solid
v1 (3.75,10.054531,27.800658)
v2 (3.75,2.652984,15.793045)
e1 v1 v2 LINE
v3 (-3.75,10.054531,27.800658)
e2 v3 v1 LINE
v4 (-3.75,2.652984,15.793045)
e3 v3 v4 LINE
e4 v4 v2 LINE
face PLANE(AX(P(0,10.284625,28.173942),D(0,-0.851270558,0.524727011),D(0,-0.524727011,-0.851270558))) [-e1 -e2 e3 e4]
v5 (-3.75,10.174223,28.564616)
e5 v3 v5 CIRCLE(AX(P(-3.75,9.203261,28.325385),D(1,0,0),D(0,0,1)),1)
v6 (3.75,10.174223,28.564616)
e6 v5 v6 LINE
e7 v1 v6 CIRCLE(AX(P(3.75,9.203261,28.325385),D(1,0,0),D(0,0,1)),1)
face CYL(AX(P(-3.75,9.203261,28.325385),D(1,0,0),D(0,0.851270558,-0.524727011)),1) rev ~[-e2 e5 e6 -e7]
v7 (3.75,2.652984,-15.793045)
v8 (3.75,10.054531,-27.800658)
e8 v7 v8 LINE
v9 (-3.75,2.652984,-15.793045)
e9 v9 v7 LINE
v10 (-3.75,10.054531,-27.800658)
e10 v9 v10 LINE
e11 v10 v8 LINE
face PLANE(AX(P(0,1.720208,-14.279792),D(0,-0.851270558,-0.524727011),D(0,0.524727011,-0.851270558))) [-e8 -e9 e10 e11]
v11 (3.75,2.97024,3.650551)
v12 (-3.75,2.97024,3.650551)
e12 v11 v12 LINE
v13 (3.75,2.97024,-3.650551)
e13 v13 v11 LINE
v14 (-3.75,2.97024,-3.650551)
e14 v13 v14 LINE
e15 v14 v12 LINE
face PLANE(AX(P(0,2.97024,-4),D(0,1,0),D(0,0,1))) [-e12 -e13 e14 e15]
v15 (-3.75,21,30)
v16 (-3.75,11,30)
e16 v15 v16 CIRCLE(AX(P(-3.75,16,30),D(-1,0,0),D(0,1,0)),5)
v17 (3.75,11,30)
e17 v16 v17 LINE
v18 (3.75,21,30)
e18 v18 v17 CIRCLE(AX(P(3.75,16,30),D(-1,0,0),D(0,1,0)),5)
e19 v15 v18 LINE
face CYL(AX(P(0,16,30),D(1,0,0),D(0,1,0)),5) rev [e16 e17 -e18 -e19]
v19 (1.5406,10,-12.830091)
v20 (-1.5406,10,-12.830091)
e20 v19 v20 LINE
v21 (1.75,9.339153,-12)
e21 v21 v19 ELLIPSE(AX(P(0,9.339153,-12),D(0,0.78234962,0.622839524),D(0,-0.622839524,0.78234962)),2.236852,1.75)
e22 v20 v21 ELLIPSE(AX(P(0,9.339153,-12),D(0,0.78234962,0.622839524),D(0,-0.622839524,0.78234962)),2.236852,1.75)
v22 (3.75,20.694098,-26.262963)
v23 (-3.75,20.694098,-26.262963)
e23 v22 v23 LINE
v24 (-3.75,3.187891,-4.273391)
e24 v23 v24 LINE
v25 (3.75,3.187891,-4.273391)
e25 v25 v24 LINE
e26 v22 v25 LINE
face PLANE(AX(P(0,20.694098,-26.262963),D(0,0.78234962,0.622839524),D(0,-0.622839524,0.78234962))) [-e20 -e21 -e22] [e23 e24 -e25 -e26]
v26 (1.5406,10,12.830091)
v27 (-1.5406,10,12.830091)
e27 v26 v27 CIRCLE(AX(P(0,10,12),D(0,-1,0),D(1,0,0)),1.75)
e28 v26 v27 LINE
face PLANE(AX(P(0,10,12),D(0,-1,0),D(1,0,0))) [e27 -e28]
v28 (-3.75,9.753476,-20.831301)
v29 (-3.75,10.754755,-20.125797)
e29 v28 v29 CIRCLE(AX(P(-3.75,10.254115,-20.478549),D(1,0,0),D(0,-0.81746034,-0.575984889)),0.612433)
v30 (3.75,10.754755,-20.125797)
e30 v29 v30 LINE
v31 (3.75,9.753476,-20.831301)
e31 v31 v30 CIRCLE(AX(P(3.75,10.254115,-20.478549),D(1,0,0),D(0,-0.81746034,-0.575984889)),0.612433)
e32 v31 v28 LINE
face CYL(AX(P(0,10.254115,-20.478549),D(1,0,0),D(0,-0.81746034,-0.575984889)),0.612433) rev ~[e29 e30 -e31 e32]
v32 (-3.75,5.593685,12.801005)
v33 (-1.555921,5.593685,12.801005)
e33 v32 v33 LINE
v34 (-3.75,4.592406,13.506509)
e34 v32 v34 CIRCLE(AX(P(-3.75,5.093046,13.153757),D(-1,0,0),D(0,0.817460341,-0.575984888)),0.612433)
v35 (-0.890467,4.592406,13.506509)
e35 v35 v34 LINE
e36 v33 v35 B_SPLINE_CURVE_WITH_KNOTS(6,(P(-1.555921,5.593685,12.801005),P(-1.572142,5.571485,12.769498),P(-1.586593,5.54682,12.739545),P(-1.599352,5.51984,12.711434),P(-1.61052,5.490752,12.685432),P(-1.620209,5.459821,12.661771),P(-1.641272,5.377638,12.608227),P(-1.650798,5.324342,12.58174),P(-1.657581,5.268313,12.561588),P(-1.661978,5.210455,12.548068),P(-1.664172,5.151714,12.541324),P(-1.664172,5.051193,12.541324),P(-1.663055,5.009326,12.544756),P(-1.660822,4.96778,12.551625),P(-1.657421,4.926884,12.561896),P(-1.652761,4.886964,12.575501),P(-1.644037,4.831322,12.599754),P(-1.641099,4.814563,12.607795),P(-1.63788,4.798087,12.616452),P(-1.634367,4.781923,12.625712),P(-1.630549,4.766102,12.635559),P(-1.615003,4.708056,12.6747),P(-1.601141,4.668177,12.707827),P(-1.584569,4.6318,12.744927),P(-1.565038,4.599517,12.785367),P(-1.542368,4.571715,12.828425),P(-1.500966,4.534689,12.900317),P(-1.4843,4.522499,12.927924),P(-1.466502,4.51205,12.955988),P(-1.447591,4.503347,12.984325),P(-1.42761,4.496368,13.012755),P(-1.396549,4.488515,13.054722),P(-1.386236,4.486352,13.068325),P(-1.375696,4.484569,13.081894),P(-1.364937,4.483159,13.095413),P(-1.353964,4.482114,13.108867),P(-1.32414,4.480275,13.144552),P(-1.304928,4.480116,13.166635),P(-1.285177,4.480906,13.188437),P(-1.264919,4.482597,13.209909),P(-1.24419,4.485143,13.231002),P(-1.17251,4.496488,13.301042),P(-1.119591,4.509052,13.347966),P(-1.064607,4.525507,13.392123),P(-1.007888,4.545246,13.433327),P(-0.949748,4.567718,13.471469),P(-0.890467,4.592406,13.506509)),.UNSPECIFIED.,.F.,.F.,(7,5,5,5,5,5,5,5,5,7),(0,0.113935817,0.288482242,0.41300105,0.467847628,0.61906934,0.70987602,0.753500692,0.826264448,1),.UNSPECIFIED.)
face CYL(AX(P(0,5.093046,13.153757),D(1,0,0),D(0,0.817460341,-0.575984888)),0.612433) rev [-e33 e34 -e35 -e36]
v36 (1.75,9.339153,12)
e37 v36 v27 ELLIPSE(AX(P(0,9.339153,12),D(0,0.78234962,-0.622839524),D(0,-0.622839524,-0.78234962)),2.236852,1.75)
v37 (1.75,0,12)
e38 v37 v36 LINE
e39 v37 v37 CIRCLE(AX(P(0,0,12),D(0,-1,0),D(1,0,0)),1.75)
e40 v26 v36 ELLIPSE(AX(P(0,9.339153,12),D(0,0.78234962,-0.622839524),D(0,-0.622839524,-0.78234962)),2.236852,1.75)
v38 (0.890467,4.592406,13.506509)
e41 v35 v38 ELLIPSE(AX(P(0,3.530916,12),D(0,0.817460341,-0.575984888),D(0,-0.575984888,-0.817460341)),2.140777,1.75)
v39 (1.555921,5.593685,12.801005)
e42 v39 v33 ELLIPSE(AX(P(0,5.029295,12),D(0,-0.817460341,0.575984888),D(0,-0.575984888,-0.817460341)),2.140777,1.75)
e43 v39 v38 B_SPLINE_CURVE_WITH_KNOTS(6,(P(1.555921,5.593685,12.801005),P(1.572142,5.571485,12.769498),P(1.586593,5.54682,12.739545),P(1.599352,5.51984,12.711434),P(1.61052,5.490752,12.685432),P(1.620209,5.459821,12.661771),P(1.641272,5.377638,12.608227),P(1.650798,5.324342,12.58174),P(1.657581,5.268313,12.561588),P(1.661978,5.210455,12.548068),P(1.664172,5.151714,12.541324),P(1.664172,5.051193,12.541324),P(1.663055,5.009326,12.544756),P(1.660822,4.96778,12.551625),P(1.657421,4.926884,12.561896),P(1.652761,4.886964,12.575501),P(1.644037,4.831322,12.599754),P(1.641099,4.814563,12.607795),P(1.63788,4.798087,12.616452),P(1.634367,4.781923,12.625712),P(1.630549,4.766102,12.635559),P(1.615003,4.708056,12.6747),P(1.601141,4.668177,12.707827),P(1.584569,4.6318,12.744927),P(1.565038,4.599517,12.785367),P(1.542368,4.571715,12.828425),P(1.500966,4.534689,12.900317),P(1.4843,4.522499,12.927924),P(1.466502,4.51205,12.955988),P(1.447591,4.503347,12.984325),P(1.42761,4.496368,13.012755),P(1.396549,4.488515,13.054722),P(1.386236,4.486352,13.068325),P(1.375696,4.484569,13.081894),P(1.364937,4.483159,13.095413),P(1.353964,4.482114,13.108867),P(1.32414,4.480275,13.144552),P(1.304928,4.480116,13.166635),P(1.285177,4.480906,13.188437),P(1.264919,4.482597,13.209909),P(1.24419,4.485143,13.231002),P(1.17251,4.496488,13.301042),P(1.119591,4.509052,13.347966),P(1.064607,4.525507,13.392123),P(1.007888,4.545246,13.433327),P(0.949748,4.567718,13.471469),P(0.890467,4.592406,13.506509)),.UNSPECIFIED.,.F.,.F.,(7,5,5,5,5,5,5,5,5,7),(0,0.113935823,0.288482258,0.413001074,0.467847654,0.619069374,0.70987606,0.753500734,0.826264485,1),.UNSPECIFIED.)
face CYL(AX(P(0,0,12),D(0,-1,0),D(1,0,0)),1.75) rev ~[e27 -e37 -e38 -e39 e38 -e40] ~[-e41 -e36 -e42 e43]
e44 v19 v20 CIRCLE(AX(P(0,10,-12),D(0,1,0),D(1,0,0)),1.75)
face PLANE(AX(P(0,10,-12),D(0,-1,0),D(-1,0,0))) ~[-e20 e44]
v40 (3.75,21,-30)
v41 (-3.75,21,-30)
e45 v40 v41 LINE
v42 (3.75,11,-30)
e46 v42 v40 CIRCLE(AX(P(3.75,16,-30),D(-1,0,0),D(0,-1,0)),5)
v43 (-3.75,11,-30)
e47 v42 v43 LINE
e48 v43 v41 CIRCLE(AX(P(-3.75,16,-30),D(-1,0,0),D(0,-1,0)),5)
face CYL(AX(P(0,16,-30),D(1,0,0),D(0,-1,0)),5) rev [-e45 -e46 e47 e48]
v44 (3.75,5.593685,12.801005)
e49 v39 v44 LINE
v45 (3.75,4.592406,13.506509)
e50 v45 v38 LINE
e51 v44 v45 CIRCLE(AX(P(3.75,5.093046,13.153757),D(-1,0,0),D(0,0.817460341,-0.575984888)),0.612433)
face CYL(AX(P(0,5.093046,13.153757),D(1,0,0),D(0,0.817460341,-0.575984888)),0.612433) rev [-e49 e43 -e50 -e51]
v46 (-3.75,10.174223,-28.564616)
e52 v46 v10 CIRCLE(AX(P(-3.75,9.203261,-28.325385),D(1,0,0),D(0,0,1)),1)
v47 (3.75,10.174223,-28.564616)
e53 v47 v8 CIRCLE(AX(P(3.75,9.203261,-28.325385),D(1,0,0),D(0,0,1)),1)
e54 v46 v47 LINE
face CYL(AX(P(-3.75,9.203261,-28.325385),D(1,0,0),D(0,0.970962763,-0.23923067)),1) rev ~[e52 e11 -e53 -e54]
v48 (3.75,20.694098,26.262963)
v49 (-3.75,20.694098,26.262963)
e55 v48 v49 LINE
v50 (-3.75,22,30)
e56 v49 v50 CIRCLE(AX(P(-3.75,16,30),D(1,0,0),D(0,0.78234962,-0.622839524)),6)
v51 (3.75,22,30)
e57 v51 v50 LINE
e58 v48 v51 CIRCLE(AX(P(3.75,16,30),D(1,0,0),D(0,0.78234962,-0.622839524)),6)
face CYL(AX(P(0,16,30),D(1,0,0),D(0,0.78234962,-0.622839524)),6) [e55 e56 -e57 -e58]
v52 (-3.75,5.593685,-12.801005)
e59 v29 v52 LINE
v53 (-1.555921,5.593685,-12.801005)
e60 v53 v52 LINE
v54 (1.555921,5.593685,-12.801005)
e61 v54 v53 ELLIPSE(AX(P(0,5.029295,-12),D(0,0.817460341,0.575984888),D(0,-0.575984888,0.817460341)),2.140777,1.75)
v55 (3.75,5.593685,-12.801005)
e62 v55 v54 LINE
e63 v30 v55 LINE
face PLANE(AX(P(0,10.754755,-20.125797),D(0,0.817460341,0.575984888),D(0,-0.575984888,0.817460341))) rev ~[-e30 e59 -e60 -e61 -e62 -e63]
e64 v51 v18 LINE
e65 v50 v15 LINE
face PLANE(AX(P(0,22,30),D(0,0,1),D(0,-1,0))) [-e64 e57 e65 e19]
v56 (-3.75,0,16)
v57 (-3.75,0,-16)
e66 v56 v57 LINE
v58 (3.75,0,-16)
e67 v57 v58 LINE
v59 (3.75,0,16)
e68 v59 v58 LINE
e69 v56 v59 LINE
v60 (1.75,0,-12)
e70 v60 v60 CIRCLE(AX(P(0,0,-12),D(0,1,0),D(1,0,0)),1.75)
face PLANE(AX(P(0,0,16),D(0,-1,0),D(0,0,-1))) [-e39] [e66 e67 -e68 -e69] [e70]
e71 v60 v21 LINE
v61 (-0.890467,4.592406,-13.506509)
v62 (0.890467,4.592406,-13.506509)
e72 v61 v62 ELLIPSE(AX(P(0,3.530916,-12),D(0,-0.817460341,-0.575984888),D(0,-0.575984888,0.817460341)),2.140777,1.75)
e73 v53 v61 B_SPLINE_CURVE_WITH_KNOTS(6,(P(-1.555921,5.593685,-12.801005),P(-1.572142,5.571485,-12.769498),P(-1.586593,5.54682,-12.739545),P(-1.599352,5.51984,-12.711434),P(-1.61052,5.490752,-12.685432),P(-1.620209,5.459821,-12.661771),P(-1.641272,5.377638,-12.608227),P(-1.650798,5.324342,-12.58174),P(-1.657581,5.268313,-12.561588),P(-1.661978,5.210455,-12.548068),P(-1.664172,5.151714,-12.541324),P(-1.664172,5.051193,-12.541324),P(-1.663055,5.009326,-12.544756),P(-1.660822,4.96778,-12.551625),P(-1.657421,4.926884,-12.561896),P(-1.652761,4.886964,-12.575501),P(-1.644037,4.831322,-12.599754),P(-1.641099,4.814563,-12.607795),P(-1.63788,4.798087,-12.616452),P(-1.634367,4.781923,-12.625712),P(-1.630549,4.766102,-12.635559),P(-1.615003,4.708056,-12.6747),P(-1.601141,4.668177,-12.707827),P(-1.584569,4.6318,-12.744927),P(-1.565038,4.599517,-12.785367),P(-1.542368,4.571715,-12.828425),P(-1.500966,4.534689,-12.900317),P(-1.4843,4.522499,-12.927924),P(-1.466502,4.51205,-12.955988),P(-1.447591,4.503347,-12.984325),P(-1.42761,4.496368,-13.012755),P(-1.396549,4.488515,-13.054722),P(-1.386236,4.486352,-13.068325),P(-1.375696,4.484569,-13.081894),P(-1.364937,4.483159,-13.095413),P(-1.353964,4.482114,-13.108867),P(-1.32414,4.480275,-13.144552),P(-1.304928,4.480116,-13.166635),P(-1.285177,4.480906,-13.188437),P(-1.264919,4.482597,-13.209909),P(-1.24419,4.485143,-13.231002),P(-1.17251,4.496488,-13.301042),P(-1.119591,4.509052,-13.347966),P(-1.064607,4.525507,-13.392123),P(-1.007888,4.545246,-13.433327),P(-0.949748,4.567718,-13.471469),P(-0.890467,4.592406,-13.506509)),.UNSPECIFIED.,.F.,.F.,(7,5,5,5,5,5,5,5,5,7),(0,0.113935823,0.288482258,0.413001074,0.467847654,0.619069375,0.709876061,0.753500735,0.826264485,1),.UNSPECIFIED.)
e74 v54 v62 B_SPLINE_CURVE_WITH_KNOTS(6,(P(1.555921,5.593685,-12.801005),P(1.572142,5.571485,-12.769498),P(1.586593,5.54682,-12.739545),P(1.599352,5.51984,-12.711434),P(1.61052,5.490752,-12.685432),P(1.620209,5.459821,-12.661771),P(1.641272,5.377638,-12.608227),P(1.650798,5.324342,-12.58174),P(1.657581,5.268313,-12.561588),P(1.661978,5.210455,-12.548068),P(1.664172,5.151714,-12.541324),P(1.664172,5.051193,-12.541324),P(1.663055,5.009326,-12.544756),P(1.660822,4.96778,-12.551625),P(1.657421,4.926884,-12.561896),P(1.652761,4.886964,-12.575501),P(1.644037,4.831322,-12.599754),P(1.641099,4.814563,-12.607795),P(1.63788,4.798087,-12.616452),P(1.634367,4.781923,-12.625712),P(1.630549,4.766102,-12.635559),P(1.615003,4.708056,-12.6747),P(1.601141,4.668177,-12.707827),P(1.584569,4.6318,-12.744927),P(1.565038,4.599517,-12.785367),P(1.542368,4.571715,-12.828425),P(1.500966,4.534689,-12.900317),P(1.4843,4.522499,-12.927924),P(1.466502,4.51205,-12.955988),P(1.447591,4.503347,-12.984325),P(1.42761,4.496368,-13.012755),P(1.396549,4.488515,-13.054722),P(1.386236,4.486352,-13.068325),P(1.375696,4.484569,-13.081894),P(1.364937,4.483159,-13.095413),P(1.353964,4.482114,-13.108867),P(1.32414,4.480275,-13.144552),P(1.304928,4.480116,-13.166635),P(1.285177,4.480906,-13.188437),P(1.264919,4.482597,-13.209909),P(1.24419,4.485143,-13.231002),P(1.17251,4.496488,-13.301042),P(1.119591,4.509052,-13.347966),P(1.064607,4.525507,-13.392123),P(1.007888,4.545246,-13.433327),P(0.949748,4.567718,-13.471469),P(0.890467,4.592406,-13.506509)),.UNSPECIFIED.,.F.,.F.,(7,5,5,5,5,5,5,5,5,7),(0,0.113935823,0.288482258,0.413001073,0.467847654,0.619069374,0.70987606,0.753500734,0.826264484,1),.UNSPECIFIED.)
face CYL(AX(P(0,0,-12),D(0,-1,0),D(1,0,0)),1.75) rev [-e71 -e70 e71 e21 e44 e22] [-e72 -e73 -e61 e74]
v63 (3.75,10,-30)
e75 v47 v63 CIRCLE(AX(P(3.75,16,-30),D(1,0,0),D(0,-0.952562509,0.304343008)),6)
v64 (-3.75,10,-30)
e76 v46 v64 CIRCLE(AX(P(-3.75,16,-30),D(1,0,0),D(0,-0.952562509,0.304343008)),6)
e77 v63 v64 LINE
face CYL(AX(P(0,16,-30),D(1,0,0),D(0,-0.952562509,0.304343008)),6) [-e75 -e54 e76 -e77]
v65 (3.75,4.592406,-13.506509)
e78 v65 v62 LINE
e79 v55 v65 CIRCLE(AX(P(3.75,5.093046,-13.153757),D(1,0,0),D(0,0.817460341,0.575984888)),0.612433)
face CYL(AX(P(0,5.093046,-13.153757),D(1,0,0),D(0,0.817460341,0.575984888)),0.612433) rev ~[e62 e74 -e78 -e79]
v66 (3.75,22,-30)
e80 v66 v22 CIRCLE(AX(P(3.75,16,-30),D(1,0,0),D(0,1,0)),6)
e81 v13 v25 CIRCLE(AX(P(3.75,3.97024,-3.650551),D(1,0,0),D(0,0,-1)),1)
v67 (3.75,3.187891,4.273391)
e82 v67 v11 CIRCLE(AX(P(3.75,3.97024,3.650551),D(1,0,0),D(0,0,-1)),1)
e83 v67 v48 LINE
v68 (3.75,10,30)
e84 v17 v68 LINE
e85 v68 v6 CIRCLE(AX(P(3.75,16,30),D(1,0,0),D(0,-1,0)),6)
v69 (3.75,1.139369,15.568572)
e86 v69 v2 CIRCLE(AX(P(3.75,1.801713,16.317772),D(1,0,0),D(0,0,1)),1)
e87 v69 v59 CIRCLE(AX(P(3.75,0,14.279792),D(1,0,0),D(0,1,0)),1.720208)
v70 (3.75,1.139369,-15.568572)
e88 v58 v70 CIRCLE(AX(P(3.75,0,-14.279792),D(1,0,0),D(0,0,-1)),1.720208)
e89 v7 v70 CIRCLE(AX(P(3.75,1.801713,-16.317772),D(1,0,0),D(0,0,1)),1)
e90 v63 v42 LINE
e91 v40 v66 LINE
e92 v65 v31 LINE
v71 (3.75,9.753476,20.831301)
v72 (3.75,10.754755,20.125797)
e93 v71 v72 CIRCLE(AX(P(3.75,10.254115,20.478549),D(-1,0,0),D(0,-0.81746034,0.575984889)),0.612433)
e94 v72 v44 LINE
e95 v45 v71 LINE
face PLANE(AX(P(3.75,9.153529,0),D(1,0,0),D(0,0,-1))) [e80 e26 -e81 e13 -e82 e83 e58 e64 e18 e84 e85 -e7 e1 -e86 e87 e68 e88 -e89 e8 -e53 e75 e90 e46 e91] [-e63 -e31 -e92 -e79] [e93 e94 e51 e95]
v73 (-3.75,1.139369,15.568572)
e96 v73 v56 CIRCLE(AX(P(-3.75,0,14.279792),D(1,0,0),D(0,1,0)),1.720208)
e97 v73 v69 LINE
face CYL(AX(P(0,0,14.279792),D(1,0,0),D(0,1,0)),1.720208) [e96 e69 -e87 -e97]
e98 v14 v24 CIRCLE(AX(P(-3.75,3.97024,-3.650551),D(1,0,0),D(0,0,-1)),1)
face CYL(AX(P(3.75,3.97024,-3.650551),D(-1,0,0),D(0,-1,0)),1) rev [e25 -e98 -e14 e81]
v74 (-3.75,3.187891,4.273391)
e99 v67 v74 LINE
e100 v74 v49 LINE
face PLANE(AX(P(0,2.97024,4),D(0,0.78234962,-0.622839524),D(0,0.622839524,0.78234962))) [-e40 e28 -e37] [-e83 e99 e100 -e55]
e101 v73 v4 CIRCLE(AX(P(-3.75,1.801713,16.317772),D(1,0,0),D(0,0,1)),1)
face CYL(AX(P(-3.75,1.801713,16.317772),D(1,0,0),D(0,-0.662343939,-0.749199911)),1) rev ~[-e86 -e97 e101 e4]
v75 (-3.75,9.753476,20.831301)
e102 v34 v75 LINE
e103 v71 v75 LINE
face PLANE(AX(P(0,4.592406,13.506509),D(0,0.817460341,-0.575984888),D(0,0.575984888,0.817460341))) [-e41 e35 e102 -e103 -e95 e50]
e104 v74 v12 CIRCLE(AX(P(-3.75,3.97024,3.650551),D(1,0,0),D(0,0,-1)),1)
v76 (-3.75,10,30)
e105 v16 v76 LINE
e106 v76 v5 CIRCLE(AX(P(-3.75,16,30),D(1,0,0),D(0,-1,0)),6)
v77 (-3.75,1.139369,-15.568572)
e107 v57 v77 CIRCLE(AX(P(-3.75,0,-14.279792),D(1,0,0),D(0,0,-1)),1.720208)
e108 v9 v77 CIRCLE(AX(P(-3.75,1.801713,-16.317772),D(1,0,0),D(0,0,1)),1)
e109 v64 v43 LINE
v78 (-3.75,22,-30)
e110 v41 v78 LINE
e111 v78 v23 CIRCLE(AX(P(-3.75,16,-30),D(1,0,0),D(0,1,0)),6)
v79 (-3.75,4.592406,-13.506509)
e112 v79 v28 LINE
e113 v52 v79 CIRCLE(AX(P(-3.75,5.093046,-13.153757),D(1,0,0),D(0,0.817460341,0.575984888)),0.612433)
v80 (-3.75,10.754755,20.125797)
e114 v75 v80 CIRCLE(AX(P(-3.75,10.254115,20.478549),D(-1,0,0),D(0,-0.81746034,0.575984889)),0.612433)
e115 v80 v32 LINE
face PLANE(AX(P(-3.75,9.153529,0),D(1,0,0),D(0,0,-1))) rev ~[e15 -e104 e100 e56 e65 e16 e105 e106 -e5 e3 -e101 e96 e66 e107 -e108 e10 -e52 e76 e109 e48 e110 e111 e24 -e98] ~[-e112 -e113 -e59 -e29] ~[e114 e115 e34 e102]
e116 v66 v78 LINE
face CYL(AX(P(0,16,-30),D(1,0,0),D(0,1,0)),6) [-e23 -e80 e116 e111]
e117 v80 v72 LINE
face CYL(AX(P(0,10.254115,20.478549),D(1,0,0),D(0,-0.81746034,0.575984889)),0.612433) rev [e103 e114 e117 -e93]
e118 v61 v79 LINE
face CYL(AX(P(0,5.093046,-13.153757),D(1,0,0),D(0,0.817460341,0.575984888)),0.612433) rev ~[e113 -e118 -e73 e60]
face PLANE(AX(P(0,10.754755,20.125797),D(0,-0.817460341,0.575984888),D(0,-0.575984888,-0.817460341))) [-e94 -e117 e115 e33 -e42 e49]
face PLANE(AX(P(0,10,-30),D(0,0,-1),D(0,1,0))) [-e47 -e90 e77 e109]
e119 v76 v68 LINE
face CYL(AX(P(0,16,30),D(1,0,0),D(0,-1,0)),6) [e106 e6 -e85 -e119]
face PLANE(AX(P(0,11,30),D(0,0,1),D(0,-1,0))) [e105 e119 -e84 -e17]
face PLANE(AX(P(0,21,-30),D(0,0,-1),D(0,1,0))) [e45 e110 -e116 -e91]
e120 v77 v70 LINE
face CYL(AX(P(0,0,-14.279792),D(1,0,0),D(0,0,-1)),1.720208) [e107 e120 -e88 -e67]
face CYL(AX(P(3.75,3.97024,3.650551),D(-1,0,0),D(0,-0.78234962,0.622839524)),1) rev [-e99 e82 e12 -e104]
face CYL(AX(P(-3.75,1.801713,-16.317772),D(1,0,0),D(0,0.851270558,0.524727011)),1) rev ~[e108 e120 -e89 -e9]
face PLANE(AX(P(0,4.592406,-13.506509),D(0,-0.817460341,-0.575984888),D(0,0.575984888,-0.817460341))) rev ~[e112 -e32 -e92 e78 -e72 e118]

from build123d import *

# Parameters (mm, degrees)
ESTRUSIONE_ESTRUSIONE1_DEPTH = 3.75
RACCORDO2_R                  = 1
SCHIZZO3_R                   = 1.75
TAGLIO_ESTRUSIONE1_DEPTH     = 10


with BuildPart() as part:
    # Schizzo1 → Estrusione-Estrusione1 (new body, symmetric)
    with BuildSketch(Plane(origin=(0, 0, 0), x_dir=(0, 0, -1), z_dir=(1, 0, 0))):
        with BuildLine():
            Line((-30, 22), (-30, 21))
            ThreePointArc((-30, 21), (-25, 16), (-30, 11))
            Line((-30, 11), (-30, 10))
            ThreePointArc((-30, 10), (-29.075946517, 10.07158325), (-28.173941951, 10.284624946))
            Line((-28.173941951, 10.284624946), (-14.279791844, 1.720208156))
            ThreePointArc((-14.279791844, 1.720208156), (-15.496162696, 1.216370852), (-16, 0))
            Line((-16, 0), (16, 0))
            ThreePointArc((16, 0), (15.496162696, 1.216370852), (14.279791844, 1.720208156))
            Line((14.279791844, 1.720208156), (28.173941951, 10.284624946))
            ThreePointArc((28.173941951, 10.284624946), (29.075946517, 10.07158325), (30, 10))
            Line((30, 10), (30, 11))
            ThreePointArc((30, 11), (25, 16), (30, 21))
            Line((30, 21), (30, 22))
            ThreePointArc((30, 22), (28.020680207, 21.664123335), (26.262962858, 20.694097719))
            Line((26.262962858, 20.694097719), (4, 2.970240215))
            Line((4, 2.970240215), (-4, 2.970240215))
            Line((-4, 2.970240215), (-26.262962858, 20.694097719))
            ThreePointArc((-26.262962858, 20.694097719), (-28.020680207, 21.664123335), (-30, 22))
        make_face()
        with BuildLine():
            Line((-20.125796974, 10.754754637), (-12.80100478, 5.593685162))
            ThreePointArc((-12.80100478, 5.593685162), (-12.653117343, 4.740293889), (-13.506508616, 4.592406452))
            Line((-13.506508616, 4.592406452), (-20.83130081, 9.753475926))
            ThreePointArc((-20.83130081, 9.753475926), (-20.979188247, 10.606867199), (-20.125796974, 10.754754637))
        make_face(mode=Mode.SUBTRACT)
        with BuildLine():
            Line((20.125796974, 10.754754637), (12.80100478, 5.593685162))
            ThreePointArc((12.80100478, 5.593685162), (12.653117343, 4.740293889), (13.506508616, 4.592406452))
            Line((13.506508616, 4.592406452), (20.83130081, 9.753475926))
            ThreePointArc((20.83130081, 9.753475926), (20.979188247, 10.606867199), (20.125796974, 10.754754637))
        make_face(mode=Mode.SUBTRACT)
    extrude(amount=ESTRUSIONE_ESTRUSIONE1_DEPTH, both=True)

    # Raccordo2
    raccordo2_edges = [part.edges().sort_by_distance(p)[0] for p in [
        (0, 2.970240215, 4),
        (0, 2.970240215, -4),
        (0, 10.284624946, -28.173941951),
        (0, 1.720208156, -14.279791844),
        (0, 1.720208156, 14.279791844),
        (0, 10.284624946, 28.173941951),
    ]]
    fillet(raccordo2_edges, radius=RACCORDO2_R)

    # Schizzo3 → Taglio-Estrusione1 (cut)
    with BuildSketch(Plane.XZ):
        with Locations((0, 12)):
            Circle(SCHIZZO3_R)
    taglio_estrusione1 = extrude(amount=-TAGLIO_ESTRUSIONE1_DEPTH, mode=Mode.SUBTRACT)

    # Specchia1: Taglio-Estrusione1 across plane
    add(taglio_estrusione1.mirror(Plane.XY), mode=Mode.SUBTRACT)


solid = part.part
